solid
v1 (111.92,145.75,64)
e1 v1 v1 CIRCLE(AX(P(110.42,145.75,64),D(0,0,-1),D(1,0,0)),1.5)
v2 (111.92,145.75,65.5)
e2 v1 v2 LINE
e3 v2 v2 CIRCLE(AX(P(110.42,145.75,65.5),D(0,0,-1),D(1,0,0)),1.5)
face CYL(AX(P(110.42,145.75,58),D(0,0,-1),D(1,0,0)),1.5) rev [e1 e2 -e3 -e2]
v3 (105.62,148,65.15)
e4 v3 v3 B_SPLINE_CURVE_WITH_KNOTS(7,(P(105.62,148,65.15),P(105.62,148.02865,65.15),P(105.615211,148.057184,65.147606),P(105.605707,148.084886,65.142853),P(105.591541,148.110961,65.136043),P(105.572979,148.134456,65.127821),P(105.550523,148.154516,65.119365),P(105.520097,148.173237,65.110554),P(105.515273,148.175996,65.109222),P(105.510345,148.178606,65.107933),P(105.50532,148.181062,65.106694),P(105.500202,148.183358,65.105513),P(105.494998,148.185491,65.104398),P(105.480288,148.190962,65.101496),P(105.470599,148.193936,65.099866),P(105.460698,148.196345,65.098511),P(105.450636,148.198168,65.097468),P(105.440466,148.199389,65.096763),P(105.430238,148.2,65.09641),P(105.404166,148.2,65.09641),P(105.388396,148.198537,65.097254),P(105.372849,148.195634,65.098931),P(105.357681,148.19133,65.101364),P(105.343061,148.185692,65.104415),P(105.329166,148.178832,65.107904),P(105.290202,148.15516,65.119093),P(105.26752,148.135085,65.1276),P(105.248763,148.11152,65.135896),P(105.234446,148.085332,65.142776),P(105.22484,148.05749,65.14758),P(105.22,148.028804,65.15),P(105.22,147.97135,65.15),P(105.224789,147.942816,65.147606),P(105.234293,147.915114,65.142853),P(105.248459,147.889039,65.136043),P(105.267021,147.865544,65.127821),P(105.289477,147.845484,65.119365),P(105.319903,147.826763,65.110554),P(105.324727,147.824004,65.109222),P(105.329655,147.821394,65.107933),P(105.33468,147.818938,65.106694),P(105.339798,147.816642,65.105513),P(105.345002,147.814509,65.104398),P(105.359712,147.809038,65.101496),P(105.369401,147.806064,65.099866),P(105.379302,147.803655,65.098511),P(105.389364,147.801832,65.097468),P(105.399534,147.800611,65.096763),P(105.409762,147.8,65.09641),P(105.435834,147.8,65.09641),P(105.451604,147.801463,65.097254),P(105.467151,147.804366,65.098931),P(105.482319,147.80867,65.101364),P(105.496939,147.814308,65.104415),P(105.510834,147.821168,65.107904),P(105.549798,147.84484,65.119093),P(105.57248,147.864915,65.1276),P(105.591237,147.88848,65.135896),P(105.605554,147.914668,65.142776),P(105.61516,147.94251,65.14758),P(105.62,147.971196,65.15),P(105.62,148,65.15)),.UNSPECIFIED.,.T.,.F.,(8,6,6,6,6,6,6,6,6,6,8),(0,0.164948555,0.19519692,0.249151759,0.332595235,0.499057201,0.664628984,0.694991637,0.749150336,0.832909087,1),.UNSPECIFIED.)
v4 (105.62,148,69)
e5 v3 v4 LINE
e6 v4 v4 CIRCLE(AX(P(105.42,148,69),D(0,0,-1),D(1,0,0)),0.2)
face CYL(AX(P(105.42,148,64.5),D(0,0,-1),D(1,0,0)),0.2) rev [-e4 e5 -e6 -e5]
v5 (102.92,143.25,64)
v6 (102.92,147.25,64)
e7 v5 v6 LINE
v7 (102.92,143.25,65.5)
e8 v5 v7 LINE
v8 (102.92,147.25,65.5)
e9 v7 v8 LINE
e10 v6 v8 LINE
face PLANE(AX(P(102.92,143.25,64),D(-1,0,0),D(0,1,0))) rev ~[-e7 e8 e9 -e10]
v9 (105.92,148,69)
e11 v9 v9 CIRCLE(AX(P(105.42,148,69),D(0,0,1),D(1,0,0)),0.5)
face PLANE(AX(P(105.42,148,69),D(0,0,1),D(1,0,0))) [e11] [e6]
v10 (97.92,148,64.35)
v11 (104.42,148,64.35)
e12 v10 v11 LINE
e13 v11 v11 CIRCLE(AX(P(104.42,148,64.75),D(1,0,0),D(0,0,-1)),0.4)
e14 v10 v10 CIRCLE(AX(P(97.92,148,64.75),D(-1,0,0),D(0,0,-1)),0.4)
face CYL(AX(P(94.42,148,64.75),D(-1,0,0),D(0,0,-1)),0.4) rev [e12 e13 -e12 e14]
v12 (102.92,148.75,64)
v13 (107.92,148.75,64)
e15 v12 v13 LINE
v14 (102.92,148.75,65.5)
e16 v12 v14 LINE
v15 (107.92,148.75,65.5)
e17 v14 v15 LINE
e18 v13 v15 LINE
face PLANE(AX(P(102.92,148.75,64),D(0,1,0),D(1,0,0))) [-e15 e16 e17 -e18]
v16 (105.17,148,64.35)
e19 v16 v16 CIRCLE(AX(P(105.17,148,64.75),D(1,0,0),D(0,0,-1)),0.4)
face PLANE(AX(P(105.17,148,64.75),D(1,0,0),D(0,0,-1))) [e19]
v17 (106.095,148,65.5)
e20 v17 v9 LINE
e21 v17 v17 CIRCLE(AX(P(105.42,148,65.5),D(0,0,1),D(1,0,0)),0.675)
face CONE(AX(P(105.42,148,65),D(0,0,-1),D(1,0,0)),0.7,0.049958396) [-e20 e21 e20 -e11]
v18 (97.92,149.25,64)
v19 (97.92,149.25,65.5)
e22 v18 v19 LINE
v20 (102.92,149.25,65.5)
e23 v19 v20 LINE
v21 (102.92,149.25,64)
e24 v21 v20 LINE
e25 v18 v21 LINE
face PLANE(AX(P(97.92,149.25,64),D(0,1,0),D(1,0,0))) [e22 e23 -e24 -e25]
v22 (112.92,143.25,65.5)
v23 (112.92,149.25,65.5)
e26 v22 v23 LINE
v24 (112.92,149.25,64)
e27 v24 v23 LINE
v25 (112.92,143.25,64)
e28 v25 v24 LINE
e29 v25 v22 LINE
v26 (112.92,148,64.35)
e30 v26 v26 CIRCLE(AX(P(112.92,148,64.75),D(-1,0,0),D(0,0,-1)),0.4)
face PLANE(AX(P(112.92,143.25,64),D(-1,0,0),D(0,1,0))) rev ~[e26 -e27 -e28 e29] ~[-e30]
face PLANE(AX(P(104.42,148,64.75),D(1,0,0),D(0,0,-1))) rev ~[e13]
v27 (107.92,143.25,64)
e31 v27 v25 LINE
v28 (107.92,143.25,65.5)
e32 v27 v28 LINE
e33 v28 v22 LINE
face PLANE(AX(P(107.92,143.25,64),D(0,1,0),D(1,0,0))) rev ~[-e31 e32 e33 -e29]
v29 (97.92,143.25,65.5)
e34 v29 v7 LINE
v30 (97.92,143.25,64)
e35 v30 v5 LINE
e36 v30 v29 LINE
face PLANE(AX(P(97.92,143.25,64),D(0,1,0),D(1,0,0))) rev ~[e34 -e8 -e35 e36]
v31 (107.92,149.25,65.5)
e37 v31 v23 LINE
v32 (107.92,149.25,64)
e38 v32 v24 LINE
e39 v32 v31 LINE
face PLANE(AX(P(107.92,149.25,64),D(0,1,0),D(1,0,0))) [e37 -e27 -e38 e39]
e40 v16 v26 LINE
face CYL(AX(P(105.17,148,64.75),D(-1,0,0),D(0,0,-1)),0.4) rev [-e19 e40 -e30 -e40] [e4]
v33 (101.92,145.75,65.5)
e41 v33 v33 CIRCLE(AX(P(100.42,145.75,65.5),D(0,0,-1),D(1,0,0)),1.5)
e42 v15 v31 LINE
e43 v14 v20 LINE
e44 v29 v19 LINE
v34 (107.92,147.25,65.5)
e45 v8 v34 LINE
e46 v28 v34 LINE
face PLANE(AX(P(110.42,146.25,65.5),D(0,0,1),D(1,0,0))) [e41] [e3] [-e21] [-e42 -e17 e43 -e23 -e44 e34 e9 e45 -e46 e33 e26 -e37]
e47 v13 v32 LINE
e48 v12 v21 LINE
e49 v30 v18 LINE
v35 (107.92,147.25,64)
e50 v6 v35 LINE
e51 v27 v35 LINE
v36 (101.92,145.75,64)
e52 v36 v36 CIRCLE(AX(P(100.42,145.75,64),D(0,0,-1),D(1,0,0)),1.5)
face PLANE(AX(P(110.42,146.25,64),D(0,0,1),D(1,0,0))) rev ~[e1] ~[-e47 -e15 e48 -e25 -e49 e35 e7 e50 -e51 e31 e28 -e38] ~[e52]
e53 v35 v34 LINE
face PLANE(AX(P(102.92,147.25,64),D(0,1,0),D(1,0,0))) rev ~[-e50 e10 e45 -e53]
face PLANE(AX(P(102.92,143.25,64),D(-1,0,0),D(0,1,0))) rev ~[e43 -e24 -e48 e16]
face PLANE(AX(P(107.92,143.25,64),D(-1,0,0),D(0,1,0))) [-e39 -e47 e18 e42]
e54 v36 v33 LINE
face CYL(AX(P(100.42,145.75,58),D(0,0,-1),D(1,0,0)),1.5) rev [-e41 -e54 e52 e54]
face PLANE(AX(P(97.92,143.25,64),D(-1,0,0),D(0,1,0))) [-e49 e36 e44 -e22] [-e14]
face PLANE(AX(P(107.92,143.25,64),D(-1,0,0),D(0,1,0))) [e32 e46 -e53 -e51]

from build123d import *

# Parameters (mm, degrees)
CYLINDER140_R           = 1.5
CYLINDER140_DEPTH       = 8
CYLINDER138_R           = 0.4
CYLINDER138_DEPTH       = 8
CYLINDER138_PITCH_ANGLE = 90
CYLINDER139_R           = 0.4
CYLINDER139_DEPTH       = 10
CYLINDER139_PITCH_ANGLE = 90
CYLINDER136_R           = 0.2
CYLINDER136_DEPTH       = 9
CYLINDER141_R           = 1.5
CYLINDER141_DEPTH       = 8
BOX028_W                = 5
BOX028_H                = 6
BOX028_DEPTH            = 1.5
BOX027_W                = 5
BOX027_H                = 6
BOX027_DEPTH            = 1.5
BOX026_W                = 5
BOX026_H                = 1.5
BOX026_DEPTH            = 1.5


with BuildPart() as bowtiemount003:
    # Cylinder140 → Cylinder140 (new body)
    with BuildSketch(Plane(origin=(127, 146.25, 63), x_dir=(1, 0, 0), z_dir=(0, 0, 1))):
        Circle(CYLINDER140_R)
    extrude(amount=CYLINDER140_DEPTH)


with BuildPart() as bowtieinjectorwire1:
    # Cylinder138 → Cylinder138 (new body)
    with BuildSketch(Plane.XY):
        Circle(CYLINDER138_R)
    extrude(amount=CYLINDER138_DEPTH)


with BuildPart() as bowtieinjectorwire1_1:
    # Cylinder138 pitch: moved
    add(bowtieinjectorwire1.part.rotate(Axis((0, 0, 0), (0, 1, 0)), CYLINDER138_PITCH_ANGLE))


with BuildPart() as bowtieinjectorwire1_2:
    # Cylinder138 placement: moved
    add(bowtieinjectorwire1_1.part.moved(Location((121.75, 148.5, 69.75))))


with BuildPart() as bowtieinjectorwire002:
    # Cylinder139 → Cylinder139 (new body)
    with BuildSketch(Plane.XY):
        Circle(CYLINDER139_R)
    extrude(amount=CYLINDER139_DEPTH)


with BuildPart() as bowtieinjectorwire002_1:
    # Cylinder139 pitch: moved
    add(bowtieinjectorwire002.part.rotate(Axis((0, 0, 0), (0, 1, 0)), CYLINDER139_PITCH_ANGLE))


with BuildPart() as bowtieinjectorwire002_2:
    # Cylinder139 placement: moved
    add(bowtieinjectorwire002_1.part.moved(Location((111, 148.5, 69.75))))


with BuildPart() as bowtienozzle004:
    # Cylinder136 → Cylinder136 (new body)
    with BuildSketch(Plane(origin=(122, 148.5, 69.5), x_dir=(1, 0, 0), z_dir=(0, 0, 1))):
        Circle(CYLINDER136_R)
    extrude(amount=CYLINDER136_DEPTH)


with BuildPart() as bowtiecut:
    # Cylinder141 → Cylinder141 (new body)
    with BuildSketch(Plane(origin=(117, 146.25, 63), x_dir=(1, 0, 0), z_dir=(0, 0, 1))):
        Circle(CYLINDER141_R)
    extrude(amount=CYLINDER141_DEPTH)

    # Fusion055: union BowTieMount003, BowTieInjectorWire1, BowTieInjectorWire002, BowTieNozzle004
    add(bowtiemount003.part)
    add(bowtieinjectorwire1_2.part)
    add(bowtieinjectorwire002_2.part)
    add(bowtienozzle004.part)


with BuildPart() as cone001:
    # Cone001 → Cone001 (revolve)
    with BuildSketch(Plane(origin=(122, 148.5, 70), x_dir=(1, 0, 0), z_dir=(0, -1, 0))):
        Polygon((0, 0), (0.7, 0), (0.5, 4), (0, 4), align=None)
    revolve(axis=Axis((122, 148.5, 70), (0, 0, 1)))


with BuildPart() as cube011:
    # Box028 → Box028 (new body)
    with BuildSketch(Plane(origin=(114.5, 143.75, 69), x_dir=(1, 0, 0), z_dir=(0, 0, 1))):
        with Locations((2.5, 3)):
            Rectangle(BOX028_W, BOX028_H)
    extrude(amount=BOX028_DEPTH)


with BuildPart() as cube010:
    # Box027 → Box027 (new body)
    with BuildSketch(Plane(origin=(124.5, 143.75, 69), x_dir=(1, 0, 0), z_dir=(0, 0, 1))):
        with Locations((2.5, 3)):
            Rectangle(BOX027_W, BOX027_H)
    extrude(amount=BOX027_DEPTH)


with BuildPart() as bowtie:
    # Box026 → Box026 (new body)
    with BuildSketch(Plane(origin=(119.5, 147.75, 69), x_dir=(1, 0, 0), z_dir=(0, 0, 1))):
        with Locations((2.5, 0.75)):
            Rectangle(BOX026_W, BOX026_H)
    extrude(amount=BOX026_DEPTH)

    # Fusion056: union Cone001, Cube011, Cube010
    add(cone001.part)
    add(cube011.part)
    add(cube010.part)

    # Cut018: cut BowTieCut
    add(bowtiecut.part, mode=Mode.SUBTRACT)


with BuildPart() as bowtie_1:
    # Cut018 placement: moved
    add(bowtie.part.moved(Location((-16.58, -0.5, -5))))


solid = bowtie_1.part
